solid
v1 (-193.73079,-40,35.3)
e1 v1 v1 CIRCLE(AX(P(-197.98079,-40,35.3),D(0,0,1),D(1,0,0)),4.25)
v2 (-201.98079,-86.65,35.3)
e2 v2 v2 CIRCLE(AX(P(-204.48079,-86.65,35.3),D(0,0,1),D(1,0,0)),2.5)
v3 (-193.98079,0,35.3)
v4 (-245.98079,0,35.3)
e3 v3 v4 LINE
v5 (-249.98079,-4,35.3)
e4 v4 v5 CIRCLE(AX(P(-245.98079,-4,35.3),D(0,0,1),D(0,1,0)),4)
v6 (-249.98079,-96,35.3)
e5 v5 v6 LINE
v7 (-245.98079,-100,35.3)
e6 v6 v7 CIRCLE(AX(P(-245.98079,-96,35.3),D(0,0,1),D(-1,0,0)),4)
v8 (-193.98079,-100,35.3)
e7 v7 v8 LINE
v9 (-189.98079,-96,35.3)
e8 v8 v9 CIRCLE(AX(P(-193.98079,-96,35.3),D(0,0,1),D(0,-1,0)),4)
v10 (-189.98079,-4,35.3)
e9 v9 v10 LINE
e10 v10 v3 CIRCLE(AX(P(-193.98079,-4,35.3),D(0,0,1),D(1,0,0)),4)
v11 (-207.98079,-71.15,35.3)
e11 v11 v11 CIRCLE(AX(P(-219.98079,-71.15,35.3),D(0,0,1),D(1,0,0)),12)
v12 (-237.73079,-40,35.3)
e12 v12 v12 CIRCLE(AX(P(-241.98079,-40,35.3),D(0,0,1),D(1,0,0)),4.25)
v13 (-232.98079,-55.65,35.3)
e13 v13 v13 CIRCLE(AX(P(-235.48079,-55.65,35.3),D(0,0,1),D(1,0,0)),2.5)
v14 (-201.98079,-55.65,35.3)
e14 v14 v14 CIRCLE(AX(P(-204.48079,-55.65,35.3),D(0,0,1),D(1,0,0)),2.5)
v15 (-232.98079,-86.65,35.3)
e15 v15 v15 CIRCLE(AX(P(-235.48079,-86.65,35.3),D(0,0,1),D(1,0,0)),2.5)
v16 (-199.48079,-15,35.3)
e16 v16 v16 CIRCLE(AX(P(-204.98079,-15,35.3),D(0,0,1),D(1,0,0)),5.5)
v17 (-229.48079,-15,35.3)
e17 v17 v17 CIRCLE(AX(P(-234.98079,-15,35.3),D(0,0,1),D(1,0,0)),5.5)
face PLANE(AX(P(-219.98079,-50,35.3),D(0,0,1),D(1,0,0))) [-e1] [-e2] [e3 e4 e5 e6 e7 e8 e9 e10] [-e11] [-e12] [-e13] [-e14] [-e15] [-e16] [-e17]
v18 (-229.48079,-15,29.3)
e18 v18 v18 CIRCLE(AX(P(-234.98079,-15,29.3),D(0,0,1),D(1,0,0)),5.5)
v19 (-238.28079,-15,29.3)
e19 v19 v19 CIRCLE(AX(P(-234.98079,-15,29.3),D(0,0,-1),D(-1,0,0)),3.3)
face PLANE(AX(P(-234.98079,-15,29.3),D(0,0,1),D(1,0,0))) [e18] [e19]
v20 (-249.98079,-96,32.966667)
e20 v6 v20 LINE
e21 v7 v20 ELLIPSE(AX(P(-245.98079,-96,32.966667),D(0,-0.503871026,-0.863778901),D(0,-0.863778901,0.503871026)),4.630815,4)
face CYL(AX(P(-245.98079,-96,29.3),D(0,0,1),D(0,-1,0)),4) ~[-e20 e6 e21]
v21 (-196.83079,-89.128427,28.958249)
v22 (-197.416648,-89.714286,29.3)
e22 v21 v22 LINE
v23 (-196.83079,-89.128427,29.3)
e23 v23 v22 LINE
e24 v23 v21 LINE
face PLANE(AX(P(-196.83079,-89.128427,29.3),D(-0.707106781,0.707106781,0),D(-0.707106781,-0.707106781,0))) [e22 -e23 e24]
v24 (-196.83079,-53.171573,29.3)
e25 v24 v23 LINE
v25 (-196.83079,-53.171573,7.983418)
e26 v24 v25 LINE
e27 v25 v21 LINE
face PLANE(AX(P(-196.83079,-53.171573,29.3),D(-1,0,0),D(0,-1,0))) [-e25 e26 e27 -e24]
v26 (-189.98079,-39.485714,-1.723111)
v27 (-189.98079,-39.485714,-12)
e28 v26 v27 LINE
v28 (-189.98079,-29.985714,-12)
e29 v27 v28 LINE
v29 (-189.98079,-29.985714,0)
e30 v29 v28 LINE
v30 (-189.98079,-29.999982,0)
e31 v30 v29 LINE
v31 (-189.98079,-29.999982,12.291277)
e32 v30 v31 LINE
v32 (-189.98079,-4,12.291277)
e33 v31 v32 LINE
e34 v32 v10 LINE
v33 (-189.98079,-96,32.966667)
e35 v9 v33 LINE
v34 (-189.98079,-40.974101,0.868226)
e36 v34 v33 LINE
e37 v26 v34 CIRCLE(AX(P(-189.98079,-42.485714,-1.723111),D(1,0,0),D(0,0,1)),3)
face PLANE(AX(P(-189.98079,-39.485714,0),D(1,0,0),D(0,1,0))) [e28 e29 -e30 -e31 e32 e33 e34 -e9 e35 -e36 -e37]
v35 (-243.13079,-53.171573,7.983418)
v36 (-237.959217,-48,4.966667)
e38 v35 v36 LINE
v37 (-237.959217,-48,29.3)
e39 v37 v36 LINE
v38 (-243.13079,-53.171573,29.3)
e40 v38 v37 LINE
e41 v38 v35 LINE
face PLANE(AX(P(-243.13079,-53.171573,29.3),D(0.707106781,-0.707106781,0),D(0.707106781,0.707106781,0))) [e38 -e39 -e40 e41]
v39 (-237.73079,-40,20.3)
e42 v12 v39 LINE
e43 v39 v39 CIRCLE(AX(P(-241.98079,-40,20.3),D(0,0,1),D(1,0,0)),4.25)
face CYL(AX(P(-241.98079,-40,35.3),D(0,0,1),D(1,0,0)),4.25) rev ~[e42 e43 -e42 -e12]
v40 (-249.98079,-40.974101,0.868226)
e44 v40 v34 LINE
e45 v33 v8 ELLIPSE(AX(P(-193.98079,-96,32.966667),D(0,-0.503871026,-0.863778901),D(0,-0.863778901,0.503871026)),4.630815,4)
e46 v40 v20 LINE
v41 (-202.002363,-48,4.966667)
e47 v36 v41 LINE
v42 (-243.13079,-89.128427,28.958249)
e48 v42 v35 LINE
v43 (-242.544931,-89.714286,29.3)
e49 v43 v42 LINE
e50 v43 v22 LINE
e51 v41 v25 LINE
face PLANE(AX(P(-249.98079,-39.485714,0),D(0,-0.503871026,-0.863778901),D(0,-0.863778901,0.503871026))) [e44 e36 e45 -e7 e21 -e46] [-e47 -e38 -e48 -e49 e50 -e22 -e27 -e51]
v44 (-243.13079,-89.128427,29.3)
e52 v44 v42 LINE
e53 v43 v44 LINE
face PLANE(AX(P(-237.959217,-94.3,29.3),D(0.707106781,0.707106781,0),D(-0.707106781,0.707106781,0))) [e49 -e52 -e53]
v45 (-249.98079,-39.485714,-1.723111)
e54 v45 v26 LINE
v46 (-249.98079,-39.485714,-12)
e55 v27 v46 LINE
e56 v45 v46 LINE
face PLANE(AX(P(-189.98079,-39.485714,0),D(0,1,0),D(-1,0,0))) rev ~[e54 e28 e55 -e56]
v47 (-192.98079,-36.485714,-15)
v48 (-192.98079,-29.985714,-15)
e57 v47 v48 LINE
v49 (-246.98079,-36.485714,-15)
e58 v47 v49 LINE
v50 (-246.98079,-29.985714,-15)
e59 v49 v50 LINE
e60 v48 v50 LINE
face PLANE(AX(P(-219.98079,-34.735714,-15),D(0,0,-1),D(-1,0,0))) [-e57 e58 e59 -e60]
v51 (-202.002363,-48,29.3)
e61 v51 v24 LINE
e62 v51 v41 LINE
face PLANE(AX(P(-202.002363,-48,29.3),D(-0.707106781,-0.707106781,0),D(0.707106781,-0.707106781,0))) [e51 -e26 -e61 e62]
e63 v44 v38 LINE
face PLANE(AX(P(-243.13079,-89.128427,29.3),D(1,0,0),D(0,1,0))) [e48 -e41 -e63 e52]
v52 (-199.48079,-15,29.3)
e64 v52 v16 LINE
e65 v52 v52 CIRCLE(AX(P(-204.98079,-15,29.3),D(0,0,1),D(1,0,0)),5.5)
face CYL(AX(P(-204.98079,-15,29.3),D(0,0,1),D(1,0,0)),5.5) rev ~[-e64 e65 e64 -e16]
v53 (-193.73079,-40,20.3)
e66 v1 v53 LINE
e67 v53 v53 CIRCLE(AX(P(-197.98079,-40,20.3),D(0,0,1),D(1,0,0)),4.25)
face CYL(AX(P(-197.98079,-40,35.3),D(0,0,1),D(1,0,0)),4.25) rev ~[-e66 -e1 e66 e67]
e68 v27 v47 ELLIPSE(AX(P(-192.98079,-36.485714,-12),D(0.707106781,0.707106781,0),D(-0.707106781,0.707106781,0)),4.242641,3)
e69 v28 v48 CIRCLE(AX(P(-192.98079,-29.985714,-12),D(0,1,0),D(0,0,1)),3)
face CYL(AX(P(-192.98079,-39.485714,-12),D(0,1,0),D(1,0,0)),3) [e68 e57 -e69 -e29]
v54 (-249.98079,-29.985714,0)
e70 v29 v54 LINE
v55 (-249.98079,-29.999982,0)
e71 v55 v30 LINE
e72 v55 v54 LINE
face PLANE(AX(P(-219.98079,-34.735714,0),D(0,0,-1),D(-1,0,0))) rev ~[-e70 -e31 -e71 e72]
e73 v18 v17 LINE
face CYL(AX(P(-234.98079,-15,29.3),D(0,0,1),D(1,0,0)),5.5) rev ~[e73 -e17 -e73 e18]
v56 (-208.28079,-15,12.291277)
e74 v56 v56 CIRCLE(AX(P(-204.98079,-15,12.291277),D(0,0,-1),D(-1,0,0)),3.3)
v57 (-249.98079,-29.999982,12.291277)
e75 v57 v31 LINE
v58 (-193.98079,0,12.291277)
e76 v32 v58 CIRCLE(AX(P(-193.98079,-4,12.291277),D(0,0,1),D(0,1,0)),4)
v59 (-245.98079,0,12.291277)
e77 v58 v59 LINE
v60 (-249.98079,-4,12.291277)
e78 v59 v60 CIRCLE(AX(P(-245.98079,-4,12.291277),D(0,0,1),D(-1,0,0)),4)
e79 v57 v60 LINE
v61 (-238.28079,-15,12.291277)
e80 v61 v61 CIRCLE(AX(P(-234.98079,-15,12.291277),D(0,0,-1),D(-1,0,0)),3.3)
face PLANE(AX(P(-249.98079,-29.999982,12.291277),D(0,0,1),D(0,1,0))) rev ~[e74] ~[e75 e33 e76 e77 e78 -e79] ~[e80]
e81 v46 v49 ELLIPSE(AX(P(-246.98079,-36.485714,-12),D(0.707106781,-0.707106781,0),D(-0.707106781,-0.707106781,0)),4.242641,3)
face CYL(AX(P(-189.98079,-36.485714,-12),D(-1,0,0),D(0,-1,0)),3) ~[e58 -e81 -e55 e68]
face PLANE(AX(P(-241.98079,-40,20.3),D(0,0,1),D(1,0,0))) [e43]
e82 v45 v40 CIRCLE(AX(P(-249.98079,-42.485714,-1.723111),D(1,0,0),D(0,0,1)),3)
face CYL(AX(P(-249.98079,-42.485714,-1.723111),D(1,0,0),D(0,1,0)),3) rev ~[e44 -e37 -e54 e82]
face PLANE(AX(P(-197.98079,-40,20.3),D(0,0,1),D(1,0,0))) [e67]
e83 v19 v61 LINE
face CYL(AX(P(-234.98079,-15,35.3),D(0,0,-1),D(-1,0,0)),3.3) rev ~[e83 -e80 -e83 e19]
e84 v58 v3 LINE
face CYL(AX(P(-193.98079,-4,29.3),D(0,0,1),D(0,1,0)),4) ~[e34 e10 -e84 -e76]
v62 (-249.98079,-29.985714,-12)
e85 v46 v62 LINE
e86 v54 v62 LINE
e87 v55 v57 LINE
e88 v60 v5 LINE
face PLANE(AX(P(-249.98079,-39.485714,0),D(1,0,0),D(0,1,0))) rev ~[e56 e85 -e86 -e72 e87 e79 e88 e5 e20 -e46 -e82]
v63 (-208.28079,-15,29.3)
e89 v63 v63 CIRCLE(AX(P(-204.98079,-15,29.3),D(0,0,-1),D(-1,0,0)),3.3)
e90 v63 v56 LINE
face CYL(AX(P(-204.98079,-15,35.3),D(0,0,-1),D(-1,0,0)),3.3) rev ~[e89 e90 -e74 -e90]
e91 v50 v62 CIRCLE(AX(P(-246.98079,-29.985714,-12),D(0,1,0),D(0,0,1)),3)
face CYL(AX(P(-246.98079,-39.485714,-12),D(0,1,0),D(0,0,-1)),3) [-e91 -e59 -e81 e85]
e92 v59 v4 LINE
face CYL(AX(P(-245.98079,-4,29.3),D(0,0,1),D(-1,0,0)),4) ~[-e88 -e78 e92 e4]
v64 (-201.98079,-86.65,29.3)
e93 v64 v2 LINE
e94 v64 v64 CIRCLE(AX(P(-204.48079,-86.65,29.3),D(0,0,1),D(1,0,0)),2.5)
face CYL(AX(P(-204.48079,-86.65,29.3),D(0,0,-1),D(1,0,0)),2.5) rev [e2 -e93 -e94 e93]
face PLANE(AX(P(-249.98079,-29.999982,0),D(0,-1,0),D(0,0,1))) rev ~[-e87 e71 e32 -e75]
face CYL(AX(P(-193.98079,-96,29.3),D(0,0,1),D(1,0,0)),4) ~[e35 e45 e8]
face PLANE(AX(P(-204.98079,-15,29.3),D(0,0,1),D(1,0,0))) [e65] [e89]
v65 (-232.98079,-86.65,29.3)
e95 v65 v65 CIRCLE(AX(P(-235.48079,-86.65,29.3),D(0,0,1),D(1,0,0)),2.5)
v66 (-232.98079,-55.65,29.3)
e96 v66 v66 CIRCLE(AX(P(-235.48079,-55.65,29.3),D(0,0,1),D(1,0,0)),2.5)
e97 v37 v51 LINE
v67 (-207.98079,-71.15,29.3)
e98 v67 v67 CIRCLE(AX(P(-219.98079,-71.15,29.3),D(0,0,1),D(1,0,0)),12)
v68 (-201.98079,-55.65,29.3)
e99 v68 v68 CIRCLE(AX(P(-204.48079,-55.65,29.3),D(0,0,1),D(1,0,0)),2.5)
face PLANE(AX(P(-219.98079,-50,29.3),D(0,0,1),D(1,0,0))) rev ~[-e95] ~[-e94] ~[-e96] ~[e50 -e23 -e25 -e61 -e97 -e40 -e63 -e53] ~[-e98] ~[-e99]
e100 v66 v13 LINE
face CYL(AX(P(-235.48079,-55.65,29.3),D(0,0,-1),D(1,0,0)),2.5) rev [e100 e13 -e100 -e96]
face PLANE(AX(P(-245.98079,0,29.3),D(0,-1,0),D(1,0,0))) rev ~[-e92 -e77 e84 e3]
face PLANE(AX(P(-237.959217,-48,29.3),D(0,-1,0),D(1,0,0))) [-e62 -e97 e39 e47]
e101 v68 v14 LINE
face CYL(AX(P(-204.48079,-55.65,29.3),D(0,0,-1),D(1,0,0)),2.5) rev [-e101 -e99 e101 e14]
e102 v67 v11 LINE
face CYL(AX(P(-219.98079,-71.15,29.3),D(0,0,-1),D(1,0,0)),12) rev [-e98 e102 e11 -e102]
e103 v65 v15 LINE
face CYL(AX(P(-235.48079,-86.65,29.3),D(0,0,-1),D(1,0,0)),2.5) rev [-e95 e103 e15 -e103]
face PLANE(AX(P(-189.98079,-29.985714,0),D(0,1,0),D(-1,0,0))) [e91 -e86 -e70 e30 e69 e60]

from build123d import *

# Parameters (mm, degrees)
ESBO_O1_R                         = 12
ESBO_O1_R_2                       = 2.5
RESSALTO_EXTRUS_O1_DEPTH          = 6
RESSALTO_EXTRUS_O2_DEPTH          = 50
CORTE_EXTRUS_O1_DEPTH             = 61
ESBO_O5_R                         = 4.25
CORTE_EXTRUS_O2_DEPTH             = 15
REBAIXO_PARA_SHCS_M61_D           = 6.6
REBAIXO_PARA_SHCS_M61_CBORE_D     = 11
REBAIXO_PARA_SHCS_M61_CBORE_DEPTH = 6
CORTE_EXTRUS_O3_DEPTH             = 61
ESBO_O4_W                         = 60
ESBO_O4_H                         = 9.5
RESSALTO_EXTRUS_O3_DEPTH          = 15
FILETE1_R                         = 3


with BuildPart() as part:
    # Esboço1 → Ressalto-extrusão1 (new body)
    with BuildSketch(Plane.XY.offset(29.3)):
        with BuildLine():
            Line((-245.980789633, -100), (-193.980789633, -100))
            ThreePointArc((-193.980789633, -100), (-191.152362508, -98.828427125), (-189.980789633, -96))
            Line((-189.980789633, -96), (-189.980789633, -4))
            ThreePointArc((-189.980789633, -4), (-191.152362508, -1.171572875), (-193.980789633, 0))
            Line((-193.980789633, 0), (-245.980789633, 0))
            ThreePointArc((-245.980789633, 0), (-248.809216758, -1.171572875), (-249.980789633, -4))
            Line((-249.980789633, -4), (-249.980789633, -96))
            ThreePointArc((-249.980789633, -96), (-248.809216758, -98.828427125), (-245.980789633, -100))
        make_face()
        with Locations((-219.980789633, -71.15)):
            Circle(ESBO_O1_R, mode=Mode.SUBTRACT)
        with Locations((-235.480789633, -86.65)):
            Circle(ESBO_O1_R_2, mode=Mode.SUBTRACT)
        with Locations((-235.480789633, -55.65)):
            Circle(ESBO_O1_R_2, mode=Mode.SUBTRACT)
        with Locations((-204.480789633, -86.65)):
            Circle(ESBO_O1_R_2, mode=Mode.SUBTRACT)
        with Locations((-204.480789633, -55.65)):
            Circle(ESBO_O1_R_2, mode=Mode.SUBTRACT)
    extrude(amount=RESSALTO_EXTRUS_O1_DEPTH)

    # Esboço2 → Ressalto-extrusão2 (add)
    with BuildSketch(Plane(origin=(0, 0, 29.3), x_dir=(-1, 0, 0), z_dir=(0, 0, -1))):
        with BuildLine():
            Line((189.980789633, -4), (189.980789633, -96))
            ThreePointArc((189.980789633, -96), (191.152362508, -98.828427125), (193.980789633, -100))
            Line((193.980789633, -100), (245.980789633, -100))
            ThreePointArc((245.980789633, -100), (248.809216758, -98.828427125), (249.980789633, -96))
            Line((249.980789633, -96), (249.980789633, -4))
            ThreePointArc((249.980789633, -4), (248.809216758, -1.171572875), (245.980789633, 0))
            Line((245.980789633, 0), (193.980789633, 0))
            ThreePointArc((193.980789633, 0), (191.152362508, -1.171572875), (189.980789633, -4))
        make_face()
        Polygon((237.959216758, -48), (202.002362508, -48), (196.830789633, -53.171572875), (196.830789633, -89.128427125), (202.002362508, -94.3), (237.959216758, -94.3), (243.130789633, -89.128427125), (243.130789633, -53.171572875), align=None, mode=Mode.SUBTRACT)
    extrude(amount=RESSALTO_EXTRUS_O2_DEPTH)

    # Esboço3 → Corte-extrusão1 (cut, through all)
    with BuildSketch(Plane.ZY.offset(249.980789633)):
        Polygon((35.3, -100), (-20.7, -100), (-20.7, -31.056412858), (0, -31.056412858), (0, -39.485714286), align=None)
    extrude(amount=-CORTE_EXTRUS_O1_DEPTH, mode=Mode.SUBTRACT)

    # Esboço5 → Corte-extrusão2 (cut)
    with BuildSketch(Plane.XY.offset(35.3)):
        with Locations((-241.980789633, -40)):
            Circle(ESBO_O5_R)
        with Locations((-197.980789633, -40)):
            Circle(ESBO_O5_R)
    extrude(amount=-CORTE_EXTRUS_O2_DEPTH, mode=Mode.SUBTRACT)

    # Rebaixo para SHCS M61 (through all)
    with Locations(Plane.XY.offset(35.3)):
        with Locations((-234.980789633, -15), (-204.980789633, -15)):
            CounterBoreHole(REBAIXO_PARA_SHCS_M61_D / 2, REBAIXO_PARA_SHCS_M61_CBORE_D / 2, REBAIXO_PARA_SHCS_M61_CBORE_DEPTH)

    # Esboço10 → Corte-extrusão3 (cut, through all)
    with BuildSketch(Plane.ZY.offset(249.980789633)):
        Polygon((12.291276716, 1.7848e-05), (-27.708723284, 1.7848e-05), (-27.708723284, -29.999982152), (-21.235336221, -29.999982152), (-21.235336221, -31.532793492), (0, -31.532793492), (0, -29.999982152), (12.291276716, -29.999982152), align=None)
    extrude(amount=-CORTE_EXTRUS_O3_DEPTH, mode=Mode.SUBTRACT)

    # Esboço4 → Ressalto-extrusão3 (add)
    with BuildSketch(Plane(origin=(0, 0, 0), x_dir=(-1, 0, 0), z_dir=(0, 0, -1))):
        with Locations((219.980789633, -34.735714286)):
            Rectangle(ESBO_O4_W, ESBO_O4_H)
    extrude(amount=RESSALTO_EXTRUS_O3_DEPTH)

    # Filete1
    filete1_edges = [part.edges().sort_by_distance(p)[0] for p in [
        (-219.980789633, -39.485714286, 0),
        (-189.980789633, -34.735714286, -15),
        (-219.980789633, -39.485714286, -15),
        (-249.980789633, -34.735714286, -15),
    ]]
    fillet(filete1_edges, radius=FILETE1_R)


solid = part.part
